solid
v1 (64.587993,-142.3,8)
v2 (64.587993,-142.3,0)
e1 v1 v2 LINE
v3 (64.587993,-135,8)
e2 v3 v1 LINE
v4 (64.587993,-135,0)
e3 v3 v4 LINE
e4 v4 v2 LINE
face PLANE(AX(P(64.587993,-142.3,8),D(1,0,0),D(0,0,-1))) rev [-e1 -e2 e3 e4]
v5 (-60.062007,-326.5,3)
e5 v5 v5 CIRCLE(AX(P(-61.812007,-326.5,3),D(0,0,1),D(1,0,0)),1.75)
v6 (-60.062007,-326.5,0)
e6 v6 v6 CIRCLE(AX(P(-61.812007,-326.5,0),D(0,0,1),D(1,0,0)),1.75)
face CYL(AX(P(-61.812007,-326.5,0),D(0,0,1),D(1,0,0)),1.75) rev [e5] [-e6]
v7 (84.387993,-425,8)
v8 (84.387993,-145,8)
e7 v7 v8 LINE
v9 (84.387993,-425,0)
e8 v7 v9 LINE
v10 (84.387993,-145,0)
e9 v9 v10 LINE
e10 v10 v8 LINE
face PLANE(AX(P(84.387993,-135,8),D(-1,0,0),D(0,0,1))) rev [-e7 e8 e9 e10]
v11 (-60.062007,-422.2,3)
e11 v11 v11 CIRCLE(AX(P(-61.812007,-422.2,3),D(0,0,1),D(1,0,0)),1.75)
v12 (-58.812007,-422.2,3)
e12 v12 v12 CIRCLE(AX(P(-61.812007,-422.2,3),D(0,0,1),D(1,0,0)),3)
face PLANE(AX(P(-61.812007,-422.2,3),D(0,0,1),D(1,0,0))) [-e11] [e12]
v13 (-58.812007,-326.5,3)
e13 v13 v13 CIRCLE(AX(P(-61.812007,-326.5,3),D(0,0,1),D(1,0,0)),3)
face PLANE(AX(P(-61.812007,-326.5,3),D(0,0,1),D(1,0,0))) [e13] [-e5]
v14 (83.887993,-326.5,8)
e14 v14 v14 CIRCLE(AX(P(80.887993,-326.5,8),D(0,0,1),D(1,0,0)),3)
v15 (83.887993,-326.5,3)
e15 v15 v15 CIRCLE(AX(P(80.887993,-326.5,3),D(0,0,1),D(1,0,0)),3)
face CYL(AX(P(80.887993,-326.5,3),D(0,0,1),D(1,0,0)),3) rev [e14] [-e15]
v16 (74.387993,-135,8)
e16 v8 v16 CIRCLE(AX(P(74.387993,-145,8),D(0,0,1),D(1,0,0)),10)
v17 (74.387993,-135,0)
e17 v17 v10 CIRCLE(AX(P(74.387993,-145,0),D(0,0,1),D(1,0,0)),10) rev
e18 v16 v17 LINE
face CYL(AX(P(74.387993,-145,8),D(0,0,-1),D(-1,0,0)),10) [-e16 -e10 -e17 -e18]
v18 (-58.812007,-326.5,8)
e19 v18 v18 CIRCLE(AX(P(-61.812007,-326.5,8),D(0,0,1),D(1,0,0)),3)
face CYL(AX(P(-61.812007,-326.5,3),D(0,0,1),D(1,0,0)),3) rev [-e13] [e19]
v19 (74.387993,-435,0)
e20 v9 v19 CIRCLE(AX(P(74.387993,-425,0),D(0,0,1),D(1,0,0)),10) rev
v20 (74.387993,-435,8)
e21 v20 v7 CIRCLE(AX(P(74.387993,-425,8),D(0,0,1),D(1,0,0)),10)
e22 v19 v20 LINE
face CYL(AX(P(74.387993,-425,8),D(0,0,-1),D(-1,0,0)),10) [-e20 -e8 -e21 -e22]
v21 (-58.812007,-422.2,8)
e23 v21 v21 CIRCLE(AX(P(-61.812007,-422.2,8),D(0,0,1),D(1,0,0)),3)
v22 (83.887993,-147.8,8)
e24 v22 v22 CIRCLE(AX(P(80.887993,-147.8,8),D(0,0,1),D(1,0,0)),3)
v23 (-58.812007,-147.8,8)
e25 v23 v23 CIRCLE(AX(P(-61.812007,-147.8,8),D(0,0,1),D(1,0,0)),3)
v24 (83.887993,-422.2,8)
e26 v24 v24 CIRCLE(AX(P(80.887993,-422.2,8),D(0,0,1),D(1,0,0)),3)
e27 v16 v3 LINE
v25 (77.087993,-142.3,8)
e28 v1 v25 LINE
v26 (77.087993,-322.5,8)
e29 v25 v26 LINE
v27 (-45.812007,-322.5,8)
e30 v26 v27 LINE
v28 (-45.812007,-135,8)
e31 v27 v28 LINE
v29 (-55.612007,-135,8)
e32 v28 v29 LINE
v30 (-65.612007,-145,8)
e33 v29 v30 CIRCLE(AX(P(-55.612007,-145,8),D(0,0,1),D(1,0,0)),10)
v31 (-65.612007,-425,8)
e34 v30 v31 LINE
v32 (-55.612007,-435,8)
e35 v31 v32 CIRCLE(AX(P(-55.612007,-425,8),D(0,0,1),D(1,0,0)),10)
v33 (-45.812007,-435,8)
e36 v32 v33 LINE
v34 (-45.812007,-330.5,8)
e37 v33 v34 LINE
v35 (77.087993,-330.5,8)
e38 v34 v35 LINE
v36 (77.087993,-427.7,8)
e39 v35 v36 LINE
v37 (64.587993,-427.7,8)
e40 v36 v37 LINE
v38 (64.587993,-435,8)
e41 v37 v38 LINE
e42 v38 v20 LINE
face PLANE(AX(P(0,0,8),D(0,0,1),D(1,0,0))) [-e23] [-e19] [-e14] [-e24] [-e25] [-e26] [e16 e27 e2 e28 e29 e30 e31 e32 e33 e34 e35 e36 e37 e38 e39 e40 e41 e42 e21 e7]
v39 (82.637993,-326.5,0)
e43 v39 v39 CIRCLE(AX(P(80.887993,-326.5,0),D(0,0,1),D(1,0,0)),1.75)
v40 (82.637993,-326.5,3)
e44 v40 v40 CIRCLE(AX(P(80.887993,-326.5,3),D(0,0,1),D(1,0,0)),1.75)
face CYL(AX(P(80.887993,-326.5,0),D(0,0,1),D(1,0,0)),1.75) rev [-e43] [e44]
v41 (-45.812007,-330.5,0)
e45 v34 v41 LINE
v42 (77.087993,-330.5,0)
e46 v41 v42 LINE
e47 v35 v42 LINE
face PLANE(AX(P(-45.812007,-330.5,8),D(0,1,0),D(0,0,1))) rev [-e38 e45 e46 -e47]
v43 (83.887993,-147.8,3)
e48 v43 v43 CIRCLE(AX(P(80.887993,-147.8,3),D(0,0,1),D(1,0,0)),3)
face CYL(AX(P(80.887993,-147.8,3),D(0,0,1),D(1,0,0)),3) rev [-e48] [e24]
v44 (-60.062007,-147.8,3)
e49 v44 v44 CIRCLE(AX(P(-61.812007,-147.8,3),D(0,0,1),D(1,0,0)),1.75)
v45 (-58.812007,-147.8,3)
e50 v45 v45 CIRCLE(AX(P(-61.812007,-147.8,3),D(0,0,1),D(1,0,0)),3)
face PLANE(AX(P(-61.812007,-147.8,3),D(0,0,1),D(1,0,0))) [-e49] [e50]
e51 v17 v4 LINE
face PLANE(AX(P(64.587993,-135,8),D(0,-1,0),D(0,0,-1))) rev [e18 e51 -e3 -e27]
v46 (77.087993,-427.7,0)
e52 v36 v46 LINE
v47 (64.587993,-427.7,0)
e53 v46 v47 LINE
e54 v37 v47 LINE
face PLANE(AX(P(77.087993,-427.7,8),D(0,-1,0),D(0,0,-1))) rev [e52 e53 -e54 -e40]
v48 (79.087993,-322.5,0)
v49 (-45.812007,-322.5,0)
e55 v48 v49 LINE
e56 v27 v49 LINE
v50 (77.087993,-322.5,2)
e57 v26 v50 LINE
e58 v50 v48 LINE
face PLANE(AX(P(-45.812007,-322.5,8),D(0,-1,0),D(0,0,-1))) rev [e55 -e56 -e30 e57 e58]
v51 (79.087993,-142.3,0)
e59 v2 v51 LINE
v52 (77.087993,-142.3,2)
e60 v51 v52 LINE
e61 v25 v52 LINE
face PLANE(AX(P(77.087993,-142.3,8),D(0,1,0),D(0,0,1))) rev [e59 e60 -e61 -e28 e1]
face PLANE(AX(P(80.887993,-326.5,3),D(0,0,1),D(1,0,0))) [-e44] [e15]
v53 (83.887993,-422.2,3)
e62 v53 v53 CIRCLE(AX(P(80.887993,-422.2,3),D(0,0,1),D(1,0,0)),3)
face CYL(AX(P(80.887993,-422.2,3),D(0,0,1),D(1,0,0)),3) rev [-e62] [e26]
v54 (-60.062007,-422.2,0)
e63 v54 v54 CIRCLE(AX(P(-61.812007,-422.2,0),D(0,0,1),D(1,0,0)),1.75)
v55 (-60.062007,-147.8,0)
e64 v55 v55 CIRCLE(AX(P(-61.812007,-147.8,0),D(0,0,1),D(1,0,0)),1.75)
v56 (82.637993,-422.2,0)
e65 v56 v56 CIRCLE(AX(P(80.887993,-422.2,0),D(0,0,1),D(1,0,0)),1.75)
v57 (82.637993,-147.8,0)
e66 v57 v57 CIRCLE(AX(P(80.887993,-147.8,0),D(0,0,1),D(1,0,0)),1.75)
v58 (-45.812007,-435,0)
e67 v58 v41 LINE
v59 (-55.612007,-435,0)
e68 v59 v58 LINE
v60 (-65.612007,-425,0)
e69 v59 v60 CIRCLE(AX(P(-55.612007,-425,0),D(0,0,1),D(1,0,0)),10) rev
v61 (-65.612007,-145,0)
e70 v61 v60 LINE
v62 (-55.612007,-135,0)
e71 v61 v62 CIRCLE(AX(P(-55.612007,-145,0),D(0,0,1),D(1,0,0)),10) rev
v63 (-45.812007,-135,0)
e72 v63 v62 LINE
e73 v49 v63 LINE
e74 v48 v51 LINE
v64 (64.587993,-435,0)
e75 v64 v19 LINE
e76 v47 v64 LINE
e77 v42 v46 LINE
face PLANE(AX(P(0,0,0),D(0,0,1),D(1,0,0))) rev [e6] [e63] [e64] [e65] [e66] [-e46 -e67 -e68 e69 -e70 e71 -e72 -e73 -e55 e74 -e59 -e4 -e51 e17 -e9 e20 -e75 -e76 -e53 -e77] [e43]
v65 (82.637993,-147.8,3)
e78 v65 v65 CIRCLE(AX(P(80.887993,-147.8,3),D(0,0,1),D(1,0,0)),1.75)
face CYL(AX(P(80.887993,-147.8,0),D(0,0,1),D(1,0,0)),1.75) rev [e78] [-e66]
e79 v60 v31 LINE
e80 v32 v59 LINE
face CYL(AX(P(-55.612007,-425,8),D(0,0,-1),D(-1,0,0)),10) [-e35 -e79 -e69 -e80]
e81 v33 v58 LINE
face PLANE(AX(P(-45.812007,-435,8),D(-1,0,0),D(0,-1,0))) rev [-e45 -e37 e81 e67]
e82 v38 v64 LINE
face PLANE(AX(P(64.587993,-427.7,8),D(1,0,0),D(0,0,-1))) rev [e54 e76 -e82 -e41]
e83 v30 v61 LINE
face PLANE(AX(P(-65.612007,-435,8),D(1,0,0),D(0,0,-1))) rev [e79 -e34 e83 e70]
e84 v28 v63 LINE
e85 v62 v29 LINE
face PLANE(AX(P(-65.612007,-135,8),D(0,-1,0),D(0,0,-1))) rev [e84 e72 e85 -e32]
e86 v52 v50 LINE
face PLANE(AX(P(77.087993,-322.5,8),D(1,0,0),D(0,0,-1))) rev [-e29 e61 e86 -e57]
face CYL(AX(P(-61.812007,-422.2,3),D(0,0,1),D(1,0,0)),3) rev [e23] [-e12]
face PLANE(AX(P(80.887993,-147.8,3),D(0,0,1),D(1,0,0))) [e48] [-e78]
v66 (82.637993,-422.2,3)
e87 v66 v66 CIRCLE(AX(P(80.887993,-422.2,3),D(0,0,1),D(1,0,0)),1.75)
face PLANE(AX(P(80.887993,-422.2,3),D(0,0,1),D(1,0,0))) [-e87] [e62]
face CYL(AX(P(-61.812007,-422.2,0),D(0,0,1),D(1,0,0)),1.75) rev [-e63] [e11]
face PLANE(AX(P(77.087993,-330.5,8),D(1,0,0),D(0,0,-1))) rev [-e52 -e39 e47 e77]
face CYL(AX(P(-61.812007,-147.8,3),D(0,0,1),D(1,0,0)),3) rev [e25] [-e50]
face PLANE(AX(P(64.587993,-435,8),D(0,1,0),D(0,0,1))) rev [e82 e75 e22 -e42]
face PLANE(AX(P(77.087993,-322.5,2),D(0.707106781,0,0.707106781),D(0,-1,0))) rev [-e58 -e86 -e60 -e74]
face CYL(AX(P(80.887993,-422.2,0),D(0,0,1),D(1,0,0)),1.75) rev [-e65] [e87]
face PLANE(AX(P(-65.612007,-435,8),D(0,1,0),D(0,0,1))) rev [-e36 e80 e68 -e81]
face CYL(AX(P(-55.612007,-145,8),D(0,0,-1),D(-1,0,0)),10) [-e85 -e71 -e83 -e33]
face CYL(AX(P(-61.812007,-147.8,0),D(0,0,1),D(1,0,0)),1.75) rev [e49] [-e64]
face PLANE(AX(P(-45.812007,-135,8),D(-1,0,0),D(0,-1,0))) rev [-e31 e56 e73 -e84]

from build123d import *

# Parameters (mm, degrees)
LID_DEPTH             = 8
SKETCH2_R             = 3
INSETSCREWHOLES_DEPTH = 5
SKETCH3_R             = 1.75
SCREWHOLES_DEPTH      = 444.138052318
FILLET2_R             = 10
CHAMFER1_SIZE         = 2


with BuildPart() as part:
    # Sketch1 → Lid (new body)
    with BuildSketch(Plane.XY):
        Polygon((-65.612006704, -435), (-65.612006704, -135), (-45.812006704, -135), (-45.812006704, -322.5), (77.087993296, -322.5), (77.087993296, -154.8), (77.087993296, -142.3), (64.587993296, -142.3), (64.587993296, -135), (84.387993296, -135), (84.387993296, -435), (64.587993296, -435), (64.587993296, -427.7), (77.087993296, -427.7), (77.087993296, -330.5), (-45.812006704, -330.5), (-45.812006704, -435), align=None)
    extrude(amount=LID_DEPTH)

    # Sketch2 → InsetScrewHoles (cut)
    with BuildSketch(Plane.XY.offset(8)):
        with Locations((80.887993296, -147.8)):
            Circle(SKETCH2_R)
        with Locations((-61.812006704, -147.8)):
            Circle(SKETCH2_R)
        with Locations((-61.812006704, -326.5)):
            Circle(SKETCH2_R)
        with Locations((80.887993296, -326.5)):
            Circle(SKETCH2_R)
        with Locations((80.887993296, -422.2)):
            Circle(SKETCH2_R)
        with Locations((-61.812006704, -422.2)):
            Circle(SKETCH2_R)
    extrude(amount=-INSETSCREWHOLES_DEPTH, mode=Mode.SUBTRACT)

    # Sketch3 → ScrewHoles (cut, through all)
    with BuildSketch(Plane.XY.offset(3)):
        with Locations((-61.812006704, -147.8)):
            Circle(SKETCH3_R)
        with Locations((80.887993296, -147.8)):
            Circle(SKETCH3_R)
        with Locations((80.887993296, -326.5)):
            Circle(SKETCH3_R)
        with Locations((-61.812006704, -326.5)):
            Circle(SKETCH3_R)
        with Locations((80.887993296, -422.2)):
            Circle(SKETCH3_R)
        with Locations((-61.812006704, -422.2)):
            Circle(SKETCH3_R)
    extrude(amount=-SCREWHOLES_DEPTH, mode=Mode.SUBTRACT)

    # Fillet2
    fillet2_edges = [part.edges().sort_by_distance(p)[0] for p in [
        (-65.612006704, -435, 4),
        (-65.612006704, -135, 4),
        (84.387993296, -135, 4),
        (84.387993296, -435, 4),
    ]]
    fillet(fillet2_edges, radius=FILLET2_R)

    # Chamfer1
    chamfer1_edges = [part.edges().sort_by_distance(p)[0] for p in [
        (77.087993296, -232.4, 0),
    ]]
    chamfer(chamfer1_edges, length=CHAMFER1_SIZE)


solid = part.part
